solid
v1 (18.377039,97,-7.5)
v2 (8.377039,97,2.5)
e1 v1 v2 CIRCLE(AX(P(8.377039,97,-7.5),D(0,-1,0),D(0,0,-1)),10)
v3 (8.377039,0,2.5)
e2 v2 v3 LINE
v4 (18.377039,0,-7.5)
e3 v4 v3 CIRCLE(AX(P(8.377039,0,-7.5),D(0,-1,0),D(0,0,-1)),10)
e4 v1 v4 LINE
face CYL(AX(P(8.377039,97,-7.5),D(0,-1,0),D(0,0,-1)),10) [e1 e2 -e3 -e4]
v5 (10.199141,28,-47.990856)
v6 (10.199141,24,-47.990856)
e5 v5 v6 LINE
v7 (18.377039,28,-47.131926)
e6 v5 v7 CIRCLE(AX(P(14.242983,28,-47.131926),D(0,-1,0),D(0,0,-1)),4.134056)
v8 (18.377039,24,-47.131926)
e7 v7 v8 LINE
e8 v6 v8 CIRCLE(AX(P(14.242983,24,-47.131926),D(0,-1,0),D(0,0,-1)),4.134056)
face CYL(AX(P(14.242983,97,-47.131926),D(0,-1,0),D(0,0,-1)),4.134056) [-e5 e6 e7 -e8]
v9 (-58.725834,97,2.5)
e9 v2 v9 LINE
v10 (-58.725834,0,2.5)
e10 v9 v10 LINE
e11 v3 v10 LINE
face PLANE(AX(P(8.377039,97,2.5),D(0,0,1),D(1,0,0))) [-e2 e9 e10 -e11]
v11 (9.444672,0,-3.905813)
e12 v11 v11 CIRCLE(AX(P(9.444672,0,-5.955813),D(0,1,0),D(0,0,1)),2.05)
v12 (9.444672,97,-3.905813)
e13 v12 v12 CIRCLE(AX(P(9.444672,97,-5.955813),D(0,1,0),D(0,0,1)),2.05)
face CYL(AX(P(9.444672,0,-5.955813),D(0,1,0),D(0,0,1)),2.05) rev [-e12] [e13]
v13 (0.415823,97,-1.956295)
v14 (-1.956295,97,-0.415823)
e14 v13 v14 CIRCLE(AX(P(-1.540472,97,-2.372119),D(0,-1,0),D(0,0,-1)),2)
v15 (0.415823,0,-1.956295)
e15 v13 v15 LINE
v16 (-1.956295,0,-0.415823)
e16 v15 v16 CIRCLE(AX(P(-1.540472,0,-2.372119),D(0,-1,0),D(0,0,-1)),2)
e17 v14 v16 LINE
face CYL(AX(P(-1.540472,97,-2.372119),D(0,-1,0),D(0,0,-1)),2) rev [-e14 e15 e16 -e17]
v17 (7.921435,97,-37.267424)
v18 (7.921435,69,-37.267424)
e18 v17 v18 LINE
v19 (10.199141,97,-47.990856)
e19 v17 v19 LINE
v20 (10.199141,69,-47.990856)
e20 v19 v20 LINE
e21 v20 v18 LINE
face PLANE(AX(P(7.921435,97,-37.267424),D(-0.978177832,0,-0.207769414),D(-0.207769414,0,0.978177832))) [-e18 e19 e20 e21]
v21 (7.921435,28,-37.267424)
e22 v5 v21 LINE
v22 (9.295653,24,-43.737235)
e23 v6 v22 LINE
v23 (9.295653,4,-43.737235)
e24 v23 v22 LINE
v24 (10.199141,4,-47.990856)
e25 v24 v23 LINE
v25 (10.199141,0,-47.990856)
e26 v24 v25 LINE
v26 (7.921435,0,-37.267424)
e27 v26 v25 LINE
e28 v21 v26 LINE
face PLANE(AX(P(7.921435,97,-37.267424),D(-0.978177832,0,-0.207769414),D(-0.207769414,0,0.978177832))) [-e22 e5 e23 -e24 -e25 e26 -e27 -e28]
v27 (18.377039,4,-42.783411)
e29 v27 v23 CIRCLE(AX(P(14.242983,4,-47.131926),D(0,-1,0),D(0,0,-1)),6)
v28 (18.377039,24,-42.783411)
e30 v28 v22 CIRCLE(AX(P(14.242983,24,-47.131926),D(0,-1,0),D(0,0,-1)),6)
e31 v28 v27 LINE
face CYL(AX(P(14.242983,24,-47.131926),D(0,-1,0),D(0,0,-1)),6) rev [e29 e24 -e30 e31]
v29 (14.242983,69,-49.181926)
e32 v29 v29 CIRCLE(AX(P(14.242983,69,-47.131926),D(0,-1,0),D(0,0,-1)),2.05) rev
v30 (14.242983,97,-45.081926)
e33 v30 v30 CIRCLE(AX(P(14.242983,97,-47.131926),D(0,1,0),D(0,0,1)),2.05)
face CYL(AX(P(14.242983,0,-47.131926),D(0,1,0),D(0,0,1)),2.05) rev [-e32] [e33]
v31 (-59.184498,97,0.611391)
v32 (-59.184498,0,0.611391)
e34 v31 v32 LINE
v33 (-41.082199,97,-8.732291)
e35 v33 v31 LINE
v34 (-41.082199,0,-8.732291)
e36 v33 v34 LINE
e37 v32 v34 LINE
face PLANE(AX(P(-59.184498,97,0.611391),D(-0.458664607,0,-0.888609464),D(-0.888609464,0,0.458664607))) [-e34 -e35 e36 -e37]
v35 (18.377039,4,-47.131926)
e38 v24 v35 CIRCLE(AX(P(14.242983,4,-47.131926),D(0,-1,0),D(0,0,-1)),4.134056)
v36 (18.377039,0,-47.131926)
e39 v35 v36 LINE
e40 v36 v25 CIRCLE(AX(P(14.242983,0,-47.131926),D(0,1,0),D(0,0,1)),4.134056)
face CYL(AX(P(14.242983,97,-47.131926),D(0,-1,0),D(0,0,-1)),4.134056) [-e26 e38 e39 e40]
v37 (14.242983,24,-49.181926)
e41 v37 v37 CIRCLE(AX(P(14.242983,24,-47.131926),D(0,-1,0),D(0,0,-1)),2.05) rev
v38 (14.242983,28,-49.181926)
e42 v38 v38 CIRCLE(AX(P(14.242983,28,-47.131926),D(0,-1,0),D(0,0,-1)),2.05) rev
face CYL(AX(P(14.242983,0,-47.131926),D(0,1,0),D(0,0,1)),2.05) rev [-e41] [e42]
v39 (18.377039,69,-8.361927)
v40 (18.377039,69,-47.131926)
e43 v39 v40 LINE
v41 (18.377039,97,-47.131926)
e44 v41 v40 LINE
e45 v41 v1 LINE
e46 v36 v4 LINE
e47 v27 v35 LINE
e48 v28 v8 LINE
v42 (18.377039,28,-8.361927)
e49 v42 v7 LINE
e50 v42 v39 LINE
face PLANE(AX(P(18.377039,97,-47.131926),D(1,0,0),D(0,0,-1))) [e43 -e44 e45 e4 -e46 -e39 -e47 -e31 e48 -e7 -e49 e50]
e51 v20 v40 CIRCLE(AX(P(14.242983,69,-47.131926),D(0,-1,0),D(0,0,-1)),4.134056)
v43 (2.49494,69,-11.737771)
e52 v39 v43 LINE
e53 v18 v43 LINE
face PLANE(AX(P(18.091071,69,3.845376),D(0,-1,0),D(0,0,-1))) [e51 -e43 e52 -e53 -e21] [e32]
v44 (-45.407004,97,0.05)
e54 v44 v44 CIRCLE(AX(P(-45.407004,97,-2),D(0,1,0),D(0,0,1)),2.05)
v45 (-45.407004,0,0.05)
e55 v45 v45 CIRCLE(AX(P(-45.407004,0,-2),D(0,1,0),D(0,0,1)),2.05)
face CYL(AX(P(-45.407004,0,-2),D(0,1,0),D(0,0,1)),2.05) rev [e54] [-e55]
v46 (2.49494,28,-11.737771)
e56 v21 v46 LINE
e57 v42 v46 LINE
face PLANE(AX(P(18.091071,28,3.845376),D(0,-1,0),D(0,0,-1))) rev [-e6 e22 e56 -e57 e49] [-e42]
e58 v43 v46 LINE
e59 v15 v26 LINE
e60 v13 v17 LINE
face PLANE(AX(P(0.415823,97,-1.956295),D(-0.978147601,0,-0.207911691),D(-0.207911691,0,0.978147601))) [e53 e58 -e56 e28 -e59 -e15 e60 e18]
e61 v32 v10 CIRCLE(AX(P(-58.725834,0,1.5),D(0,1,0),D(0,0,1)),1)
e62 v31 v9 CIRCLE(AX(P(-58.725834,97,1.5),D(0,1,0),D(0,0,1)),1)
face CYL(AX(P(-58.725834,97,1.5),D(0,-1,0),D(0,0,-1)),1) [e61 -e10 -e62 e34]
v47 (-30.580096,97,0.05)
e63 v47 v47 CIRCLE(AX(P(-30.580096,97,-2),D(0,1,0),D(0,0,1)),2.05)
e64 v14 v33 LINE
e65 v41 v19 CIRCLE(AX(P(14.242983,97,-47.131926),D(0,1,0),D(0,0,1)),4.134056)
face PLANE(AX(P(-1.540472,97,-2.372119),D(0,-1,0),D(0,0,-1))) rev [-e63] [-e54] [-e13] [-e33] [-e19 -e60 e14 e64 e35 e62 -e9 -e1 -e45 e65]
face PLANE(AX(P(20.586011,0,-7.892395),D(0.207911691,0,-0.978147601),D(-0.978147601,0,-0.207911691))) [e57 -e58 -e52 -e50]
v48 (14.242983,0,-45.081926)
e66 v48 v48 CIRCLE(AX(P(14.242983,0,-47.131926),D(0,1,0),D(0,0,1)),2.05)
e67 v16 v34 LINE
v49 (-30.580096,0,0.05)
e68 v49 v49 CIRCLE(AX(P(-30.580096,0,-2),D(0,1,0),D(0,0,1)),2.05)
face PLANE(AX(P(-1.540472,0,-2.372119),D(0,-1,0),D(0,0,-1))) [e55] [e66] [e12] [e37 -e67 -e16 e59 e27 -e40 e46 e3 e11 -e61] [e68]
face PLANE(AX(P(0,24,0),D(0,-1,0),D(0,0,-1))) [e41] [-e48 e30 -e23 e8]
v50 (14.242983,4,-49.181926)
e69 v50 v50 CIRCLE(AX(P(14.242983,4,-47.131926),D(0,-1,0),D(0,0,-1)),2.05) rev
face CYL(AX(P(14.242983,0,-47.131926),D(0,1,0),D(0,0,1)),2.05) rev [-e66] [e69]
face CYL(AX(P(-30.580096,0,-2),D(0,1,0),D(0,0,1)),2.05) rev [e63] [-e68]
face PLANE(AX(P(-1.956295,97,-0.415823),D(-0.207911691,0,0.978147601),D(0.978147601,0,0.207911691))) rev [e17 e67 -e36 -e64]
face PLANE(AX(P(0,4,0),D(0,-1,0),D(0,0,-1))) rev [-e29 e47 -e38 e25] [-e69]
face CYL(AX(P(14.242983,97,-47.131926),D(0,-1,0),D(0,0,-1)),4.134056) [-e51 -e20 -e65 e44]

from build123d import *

# Parameters (mm, degrees)
BOSS_EXTRUDE1_DEPTH     = 97
SKETCH2_R               = 2.05
CUT_EXTRUDE1_DEPTH      = 98
SKETCH5_W               = 41.197318768
SKETCH5_H               = 41
CUT_EXTRUDE2_DEPTH      = 60.079477801
CUT_EXTRUDE2_DEPTH_BACK = 29.495236192
CUT_EXTRUDE4_START      = -4
SKETCH6_R               = 2.05
CUT_EXTRUDE4_DEPTH      = 20


with BuildPart() as part:
    # Sketch1 → Boss-Extrude1 (new body)
    with BuildSketch(Plane(origin=(0, 0, 0), x_dir=(1, 0, 0), z_dir=(0, 1, 0))):
        with BuildLine():
            Line((-1.956295201, 0.415823382), (-41.082199231, 8.732291014))
            Line((-41.082199231, 8.732291014), (-58, 0))
            Line((-58, 0), (-59.184498234, -0.611390536))
            ThreePointArc((-59.184498234, -0.611390536), (-59.697587059, -1.73599845), (-58.725833628, -2.5))
            Line((-58.725833628, -2.5), (7.92143542, -2.5))
            Line((7.92143542, -2.5), (8.377039367, -2.5))
            ThreePointArc((8.377039367, -2.5), (15.448107179, 0.428932188), (18.377039367, 7.5))
            Line((18.377039367, 7.5), (18.377039367, 47.131925559))
            ThreePointArc((18.377039367, 47.131925559), (14.674810753, 51.243366322), (10.199141157, 47.990855979))
            Line((10.199141157, 47.990855979), (7.92143542, 37.267423588))
            Line((7.92143542, 37.267423588), (0.415823382, 1.956295201))
            ThreePointArc((0.415823382, 1.956295201), (-0.45119375, 0.694777447), (-1.956295201, 0.415823382))
        make_face()
    extrude(amount=BOSS_EXTRUDE1_DEPTH)

    # Sketch2 → Cut-Extrude1 (cut, through all)
    with BuildSketch(Plane(origin=(0, 97, 0), x_dir=(1, 0, 0), z_dir=(0, 1, 0))):
        with Locations((-45.407004093, 2)):
            Circle(SKETCH2_R)
        with Locations((9.444671894, 5.955813006)):
            Circle(SKETCH2_R)
        with Locations((14.242983228, 47.131925559)):
            Circle(SKETCH2_R)
        with Locations((-30.580095712, 2)):
            Circle(SKETCH2_R)
    extrude(amount=-CUT_EXTRUDE1_DEPTH, mode=Mode.SUBTRACT)

    # Sketch5 → Cut-Extrude2 (cut, two sides)
    with BuildSketch(Plane(origin=(-9.781476007, 0, -2.079116908), x_dir=(-0.207911691, 0, 0.978147601), z_dir=(-0.978147601, 0, -0.207911691))) as cut_extrude2_sk:
        with Locations((-32.598659384, 48.5)):
            Rectangle(SKETCH5_W, SKETCH5_H)
    extrude(amount=CUT_EXTRUDE2_DEPTH, mode=Mode.SUBTRACT)
    extrude(cut_extrude2_sk.sketch, amount=-CUT_EXTRUDE2_DEPTH_BACK, mode=Mode.SUBTRACT)

    # Sketch6 → Cut-Extrude4 (cut)
    with BuildSketch(Plane.XZ.offset(CUT_EXTRUDE4_START)):
        with BuildLine():
            Line((18.377039367, -47.131925559), (18.377039367, -42.783410889))
            ThreePointArc((18.377039367, -42.783410889), (13.61624642, -41.164748591), (9.295652814, -43.737235327))
            Line((9.295652814, -43.737235327), (10.199141157, -47.990855979))
            ThreePointArc((10.199141157, -47.990855979), (14.674810753, -51.243366322), (18.377039367, -47.131925559))
        make_face()
        with Locations((14.242983228, -47.131925559)):
            Circle(SKETCH6_R, mode=Mode.SUBTRACT)
        with BuildLine():
            ThreePointArc((9.295652814, -43.737235327), (12.465904513, -52.862718807), (20.242983228, -47.131925559))
            ThreePointArc((20.242983228, -47.131925559), (19.756799367, -44.765951852), (18.377039367, -42.783410889))
            Line((18.377039367, -42.783410889), (18.377039367, -47.131925559))
            ThreePointArc((18.377039367, -47.131925559), (14.674810753, -51.243366322), (10.199141157, -47.990855979))
            Line((10.199141157, -47.990855979), (9.295652814, -43.737235327))
        make_face()
    extrude(amount=-CUT_EXTRUDE4_DEPTH, mode=Mode.SUBTRACT)


solid = part.part
